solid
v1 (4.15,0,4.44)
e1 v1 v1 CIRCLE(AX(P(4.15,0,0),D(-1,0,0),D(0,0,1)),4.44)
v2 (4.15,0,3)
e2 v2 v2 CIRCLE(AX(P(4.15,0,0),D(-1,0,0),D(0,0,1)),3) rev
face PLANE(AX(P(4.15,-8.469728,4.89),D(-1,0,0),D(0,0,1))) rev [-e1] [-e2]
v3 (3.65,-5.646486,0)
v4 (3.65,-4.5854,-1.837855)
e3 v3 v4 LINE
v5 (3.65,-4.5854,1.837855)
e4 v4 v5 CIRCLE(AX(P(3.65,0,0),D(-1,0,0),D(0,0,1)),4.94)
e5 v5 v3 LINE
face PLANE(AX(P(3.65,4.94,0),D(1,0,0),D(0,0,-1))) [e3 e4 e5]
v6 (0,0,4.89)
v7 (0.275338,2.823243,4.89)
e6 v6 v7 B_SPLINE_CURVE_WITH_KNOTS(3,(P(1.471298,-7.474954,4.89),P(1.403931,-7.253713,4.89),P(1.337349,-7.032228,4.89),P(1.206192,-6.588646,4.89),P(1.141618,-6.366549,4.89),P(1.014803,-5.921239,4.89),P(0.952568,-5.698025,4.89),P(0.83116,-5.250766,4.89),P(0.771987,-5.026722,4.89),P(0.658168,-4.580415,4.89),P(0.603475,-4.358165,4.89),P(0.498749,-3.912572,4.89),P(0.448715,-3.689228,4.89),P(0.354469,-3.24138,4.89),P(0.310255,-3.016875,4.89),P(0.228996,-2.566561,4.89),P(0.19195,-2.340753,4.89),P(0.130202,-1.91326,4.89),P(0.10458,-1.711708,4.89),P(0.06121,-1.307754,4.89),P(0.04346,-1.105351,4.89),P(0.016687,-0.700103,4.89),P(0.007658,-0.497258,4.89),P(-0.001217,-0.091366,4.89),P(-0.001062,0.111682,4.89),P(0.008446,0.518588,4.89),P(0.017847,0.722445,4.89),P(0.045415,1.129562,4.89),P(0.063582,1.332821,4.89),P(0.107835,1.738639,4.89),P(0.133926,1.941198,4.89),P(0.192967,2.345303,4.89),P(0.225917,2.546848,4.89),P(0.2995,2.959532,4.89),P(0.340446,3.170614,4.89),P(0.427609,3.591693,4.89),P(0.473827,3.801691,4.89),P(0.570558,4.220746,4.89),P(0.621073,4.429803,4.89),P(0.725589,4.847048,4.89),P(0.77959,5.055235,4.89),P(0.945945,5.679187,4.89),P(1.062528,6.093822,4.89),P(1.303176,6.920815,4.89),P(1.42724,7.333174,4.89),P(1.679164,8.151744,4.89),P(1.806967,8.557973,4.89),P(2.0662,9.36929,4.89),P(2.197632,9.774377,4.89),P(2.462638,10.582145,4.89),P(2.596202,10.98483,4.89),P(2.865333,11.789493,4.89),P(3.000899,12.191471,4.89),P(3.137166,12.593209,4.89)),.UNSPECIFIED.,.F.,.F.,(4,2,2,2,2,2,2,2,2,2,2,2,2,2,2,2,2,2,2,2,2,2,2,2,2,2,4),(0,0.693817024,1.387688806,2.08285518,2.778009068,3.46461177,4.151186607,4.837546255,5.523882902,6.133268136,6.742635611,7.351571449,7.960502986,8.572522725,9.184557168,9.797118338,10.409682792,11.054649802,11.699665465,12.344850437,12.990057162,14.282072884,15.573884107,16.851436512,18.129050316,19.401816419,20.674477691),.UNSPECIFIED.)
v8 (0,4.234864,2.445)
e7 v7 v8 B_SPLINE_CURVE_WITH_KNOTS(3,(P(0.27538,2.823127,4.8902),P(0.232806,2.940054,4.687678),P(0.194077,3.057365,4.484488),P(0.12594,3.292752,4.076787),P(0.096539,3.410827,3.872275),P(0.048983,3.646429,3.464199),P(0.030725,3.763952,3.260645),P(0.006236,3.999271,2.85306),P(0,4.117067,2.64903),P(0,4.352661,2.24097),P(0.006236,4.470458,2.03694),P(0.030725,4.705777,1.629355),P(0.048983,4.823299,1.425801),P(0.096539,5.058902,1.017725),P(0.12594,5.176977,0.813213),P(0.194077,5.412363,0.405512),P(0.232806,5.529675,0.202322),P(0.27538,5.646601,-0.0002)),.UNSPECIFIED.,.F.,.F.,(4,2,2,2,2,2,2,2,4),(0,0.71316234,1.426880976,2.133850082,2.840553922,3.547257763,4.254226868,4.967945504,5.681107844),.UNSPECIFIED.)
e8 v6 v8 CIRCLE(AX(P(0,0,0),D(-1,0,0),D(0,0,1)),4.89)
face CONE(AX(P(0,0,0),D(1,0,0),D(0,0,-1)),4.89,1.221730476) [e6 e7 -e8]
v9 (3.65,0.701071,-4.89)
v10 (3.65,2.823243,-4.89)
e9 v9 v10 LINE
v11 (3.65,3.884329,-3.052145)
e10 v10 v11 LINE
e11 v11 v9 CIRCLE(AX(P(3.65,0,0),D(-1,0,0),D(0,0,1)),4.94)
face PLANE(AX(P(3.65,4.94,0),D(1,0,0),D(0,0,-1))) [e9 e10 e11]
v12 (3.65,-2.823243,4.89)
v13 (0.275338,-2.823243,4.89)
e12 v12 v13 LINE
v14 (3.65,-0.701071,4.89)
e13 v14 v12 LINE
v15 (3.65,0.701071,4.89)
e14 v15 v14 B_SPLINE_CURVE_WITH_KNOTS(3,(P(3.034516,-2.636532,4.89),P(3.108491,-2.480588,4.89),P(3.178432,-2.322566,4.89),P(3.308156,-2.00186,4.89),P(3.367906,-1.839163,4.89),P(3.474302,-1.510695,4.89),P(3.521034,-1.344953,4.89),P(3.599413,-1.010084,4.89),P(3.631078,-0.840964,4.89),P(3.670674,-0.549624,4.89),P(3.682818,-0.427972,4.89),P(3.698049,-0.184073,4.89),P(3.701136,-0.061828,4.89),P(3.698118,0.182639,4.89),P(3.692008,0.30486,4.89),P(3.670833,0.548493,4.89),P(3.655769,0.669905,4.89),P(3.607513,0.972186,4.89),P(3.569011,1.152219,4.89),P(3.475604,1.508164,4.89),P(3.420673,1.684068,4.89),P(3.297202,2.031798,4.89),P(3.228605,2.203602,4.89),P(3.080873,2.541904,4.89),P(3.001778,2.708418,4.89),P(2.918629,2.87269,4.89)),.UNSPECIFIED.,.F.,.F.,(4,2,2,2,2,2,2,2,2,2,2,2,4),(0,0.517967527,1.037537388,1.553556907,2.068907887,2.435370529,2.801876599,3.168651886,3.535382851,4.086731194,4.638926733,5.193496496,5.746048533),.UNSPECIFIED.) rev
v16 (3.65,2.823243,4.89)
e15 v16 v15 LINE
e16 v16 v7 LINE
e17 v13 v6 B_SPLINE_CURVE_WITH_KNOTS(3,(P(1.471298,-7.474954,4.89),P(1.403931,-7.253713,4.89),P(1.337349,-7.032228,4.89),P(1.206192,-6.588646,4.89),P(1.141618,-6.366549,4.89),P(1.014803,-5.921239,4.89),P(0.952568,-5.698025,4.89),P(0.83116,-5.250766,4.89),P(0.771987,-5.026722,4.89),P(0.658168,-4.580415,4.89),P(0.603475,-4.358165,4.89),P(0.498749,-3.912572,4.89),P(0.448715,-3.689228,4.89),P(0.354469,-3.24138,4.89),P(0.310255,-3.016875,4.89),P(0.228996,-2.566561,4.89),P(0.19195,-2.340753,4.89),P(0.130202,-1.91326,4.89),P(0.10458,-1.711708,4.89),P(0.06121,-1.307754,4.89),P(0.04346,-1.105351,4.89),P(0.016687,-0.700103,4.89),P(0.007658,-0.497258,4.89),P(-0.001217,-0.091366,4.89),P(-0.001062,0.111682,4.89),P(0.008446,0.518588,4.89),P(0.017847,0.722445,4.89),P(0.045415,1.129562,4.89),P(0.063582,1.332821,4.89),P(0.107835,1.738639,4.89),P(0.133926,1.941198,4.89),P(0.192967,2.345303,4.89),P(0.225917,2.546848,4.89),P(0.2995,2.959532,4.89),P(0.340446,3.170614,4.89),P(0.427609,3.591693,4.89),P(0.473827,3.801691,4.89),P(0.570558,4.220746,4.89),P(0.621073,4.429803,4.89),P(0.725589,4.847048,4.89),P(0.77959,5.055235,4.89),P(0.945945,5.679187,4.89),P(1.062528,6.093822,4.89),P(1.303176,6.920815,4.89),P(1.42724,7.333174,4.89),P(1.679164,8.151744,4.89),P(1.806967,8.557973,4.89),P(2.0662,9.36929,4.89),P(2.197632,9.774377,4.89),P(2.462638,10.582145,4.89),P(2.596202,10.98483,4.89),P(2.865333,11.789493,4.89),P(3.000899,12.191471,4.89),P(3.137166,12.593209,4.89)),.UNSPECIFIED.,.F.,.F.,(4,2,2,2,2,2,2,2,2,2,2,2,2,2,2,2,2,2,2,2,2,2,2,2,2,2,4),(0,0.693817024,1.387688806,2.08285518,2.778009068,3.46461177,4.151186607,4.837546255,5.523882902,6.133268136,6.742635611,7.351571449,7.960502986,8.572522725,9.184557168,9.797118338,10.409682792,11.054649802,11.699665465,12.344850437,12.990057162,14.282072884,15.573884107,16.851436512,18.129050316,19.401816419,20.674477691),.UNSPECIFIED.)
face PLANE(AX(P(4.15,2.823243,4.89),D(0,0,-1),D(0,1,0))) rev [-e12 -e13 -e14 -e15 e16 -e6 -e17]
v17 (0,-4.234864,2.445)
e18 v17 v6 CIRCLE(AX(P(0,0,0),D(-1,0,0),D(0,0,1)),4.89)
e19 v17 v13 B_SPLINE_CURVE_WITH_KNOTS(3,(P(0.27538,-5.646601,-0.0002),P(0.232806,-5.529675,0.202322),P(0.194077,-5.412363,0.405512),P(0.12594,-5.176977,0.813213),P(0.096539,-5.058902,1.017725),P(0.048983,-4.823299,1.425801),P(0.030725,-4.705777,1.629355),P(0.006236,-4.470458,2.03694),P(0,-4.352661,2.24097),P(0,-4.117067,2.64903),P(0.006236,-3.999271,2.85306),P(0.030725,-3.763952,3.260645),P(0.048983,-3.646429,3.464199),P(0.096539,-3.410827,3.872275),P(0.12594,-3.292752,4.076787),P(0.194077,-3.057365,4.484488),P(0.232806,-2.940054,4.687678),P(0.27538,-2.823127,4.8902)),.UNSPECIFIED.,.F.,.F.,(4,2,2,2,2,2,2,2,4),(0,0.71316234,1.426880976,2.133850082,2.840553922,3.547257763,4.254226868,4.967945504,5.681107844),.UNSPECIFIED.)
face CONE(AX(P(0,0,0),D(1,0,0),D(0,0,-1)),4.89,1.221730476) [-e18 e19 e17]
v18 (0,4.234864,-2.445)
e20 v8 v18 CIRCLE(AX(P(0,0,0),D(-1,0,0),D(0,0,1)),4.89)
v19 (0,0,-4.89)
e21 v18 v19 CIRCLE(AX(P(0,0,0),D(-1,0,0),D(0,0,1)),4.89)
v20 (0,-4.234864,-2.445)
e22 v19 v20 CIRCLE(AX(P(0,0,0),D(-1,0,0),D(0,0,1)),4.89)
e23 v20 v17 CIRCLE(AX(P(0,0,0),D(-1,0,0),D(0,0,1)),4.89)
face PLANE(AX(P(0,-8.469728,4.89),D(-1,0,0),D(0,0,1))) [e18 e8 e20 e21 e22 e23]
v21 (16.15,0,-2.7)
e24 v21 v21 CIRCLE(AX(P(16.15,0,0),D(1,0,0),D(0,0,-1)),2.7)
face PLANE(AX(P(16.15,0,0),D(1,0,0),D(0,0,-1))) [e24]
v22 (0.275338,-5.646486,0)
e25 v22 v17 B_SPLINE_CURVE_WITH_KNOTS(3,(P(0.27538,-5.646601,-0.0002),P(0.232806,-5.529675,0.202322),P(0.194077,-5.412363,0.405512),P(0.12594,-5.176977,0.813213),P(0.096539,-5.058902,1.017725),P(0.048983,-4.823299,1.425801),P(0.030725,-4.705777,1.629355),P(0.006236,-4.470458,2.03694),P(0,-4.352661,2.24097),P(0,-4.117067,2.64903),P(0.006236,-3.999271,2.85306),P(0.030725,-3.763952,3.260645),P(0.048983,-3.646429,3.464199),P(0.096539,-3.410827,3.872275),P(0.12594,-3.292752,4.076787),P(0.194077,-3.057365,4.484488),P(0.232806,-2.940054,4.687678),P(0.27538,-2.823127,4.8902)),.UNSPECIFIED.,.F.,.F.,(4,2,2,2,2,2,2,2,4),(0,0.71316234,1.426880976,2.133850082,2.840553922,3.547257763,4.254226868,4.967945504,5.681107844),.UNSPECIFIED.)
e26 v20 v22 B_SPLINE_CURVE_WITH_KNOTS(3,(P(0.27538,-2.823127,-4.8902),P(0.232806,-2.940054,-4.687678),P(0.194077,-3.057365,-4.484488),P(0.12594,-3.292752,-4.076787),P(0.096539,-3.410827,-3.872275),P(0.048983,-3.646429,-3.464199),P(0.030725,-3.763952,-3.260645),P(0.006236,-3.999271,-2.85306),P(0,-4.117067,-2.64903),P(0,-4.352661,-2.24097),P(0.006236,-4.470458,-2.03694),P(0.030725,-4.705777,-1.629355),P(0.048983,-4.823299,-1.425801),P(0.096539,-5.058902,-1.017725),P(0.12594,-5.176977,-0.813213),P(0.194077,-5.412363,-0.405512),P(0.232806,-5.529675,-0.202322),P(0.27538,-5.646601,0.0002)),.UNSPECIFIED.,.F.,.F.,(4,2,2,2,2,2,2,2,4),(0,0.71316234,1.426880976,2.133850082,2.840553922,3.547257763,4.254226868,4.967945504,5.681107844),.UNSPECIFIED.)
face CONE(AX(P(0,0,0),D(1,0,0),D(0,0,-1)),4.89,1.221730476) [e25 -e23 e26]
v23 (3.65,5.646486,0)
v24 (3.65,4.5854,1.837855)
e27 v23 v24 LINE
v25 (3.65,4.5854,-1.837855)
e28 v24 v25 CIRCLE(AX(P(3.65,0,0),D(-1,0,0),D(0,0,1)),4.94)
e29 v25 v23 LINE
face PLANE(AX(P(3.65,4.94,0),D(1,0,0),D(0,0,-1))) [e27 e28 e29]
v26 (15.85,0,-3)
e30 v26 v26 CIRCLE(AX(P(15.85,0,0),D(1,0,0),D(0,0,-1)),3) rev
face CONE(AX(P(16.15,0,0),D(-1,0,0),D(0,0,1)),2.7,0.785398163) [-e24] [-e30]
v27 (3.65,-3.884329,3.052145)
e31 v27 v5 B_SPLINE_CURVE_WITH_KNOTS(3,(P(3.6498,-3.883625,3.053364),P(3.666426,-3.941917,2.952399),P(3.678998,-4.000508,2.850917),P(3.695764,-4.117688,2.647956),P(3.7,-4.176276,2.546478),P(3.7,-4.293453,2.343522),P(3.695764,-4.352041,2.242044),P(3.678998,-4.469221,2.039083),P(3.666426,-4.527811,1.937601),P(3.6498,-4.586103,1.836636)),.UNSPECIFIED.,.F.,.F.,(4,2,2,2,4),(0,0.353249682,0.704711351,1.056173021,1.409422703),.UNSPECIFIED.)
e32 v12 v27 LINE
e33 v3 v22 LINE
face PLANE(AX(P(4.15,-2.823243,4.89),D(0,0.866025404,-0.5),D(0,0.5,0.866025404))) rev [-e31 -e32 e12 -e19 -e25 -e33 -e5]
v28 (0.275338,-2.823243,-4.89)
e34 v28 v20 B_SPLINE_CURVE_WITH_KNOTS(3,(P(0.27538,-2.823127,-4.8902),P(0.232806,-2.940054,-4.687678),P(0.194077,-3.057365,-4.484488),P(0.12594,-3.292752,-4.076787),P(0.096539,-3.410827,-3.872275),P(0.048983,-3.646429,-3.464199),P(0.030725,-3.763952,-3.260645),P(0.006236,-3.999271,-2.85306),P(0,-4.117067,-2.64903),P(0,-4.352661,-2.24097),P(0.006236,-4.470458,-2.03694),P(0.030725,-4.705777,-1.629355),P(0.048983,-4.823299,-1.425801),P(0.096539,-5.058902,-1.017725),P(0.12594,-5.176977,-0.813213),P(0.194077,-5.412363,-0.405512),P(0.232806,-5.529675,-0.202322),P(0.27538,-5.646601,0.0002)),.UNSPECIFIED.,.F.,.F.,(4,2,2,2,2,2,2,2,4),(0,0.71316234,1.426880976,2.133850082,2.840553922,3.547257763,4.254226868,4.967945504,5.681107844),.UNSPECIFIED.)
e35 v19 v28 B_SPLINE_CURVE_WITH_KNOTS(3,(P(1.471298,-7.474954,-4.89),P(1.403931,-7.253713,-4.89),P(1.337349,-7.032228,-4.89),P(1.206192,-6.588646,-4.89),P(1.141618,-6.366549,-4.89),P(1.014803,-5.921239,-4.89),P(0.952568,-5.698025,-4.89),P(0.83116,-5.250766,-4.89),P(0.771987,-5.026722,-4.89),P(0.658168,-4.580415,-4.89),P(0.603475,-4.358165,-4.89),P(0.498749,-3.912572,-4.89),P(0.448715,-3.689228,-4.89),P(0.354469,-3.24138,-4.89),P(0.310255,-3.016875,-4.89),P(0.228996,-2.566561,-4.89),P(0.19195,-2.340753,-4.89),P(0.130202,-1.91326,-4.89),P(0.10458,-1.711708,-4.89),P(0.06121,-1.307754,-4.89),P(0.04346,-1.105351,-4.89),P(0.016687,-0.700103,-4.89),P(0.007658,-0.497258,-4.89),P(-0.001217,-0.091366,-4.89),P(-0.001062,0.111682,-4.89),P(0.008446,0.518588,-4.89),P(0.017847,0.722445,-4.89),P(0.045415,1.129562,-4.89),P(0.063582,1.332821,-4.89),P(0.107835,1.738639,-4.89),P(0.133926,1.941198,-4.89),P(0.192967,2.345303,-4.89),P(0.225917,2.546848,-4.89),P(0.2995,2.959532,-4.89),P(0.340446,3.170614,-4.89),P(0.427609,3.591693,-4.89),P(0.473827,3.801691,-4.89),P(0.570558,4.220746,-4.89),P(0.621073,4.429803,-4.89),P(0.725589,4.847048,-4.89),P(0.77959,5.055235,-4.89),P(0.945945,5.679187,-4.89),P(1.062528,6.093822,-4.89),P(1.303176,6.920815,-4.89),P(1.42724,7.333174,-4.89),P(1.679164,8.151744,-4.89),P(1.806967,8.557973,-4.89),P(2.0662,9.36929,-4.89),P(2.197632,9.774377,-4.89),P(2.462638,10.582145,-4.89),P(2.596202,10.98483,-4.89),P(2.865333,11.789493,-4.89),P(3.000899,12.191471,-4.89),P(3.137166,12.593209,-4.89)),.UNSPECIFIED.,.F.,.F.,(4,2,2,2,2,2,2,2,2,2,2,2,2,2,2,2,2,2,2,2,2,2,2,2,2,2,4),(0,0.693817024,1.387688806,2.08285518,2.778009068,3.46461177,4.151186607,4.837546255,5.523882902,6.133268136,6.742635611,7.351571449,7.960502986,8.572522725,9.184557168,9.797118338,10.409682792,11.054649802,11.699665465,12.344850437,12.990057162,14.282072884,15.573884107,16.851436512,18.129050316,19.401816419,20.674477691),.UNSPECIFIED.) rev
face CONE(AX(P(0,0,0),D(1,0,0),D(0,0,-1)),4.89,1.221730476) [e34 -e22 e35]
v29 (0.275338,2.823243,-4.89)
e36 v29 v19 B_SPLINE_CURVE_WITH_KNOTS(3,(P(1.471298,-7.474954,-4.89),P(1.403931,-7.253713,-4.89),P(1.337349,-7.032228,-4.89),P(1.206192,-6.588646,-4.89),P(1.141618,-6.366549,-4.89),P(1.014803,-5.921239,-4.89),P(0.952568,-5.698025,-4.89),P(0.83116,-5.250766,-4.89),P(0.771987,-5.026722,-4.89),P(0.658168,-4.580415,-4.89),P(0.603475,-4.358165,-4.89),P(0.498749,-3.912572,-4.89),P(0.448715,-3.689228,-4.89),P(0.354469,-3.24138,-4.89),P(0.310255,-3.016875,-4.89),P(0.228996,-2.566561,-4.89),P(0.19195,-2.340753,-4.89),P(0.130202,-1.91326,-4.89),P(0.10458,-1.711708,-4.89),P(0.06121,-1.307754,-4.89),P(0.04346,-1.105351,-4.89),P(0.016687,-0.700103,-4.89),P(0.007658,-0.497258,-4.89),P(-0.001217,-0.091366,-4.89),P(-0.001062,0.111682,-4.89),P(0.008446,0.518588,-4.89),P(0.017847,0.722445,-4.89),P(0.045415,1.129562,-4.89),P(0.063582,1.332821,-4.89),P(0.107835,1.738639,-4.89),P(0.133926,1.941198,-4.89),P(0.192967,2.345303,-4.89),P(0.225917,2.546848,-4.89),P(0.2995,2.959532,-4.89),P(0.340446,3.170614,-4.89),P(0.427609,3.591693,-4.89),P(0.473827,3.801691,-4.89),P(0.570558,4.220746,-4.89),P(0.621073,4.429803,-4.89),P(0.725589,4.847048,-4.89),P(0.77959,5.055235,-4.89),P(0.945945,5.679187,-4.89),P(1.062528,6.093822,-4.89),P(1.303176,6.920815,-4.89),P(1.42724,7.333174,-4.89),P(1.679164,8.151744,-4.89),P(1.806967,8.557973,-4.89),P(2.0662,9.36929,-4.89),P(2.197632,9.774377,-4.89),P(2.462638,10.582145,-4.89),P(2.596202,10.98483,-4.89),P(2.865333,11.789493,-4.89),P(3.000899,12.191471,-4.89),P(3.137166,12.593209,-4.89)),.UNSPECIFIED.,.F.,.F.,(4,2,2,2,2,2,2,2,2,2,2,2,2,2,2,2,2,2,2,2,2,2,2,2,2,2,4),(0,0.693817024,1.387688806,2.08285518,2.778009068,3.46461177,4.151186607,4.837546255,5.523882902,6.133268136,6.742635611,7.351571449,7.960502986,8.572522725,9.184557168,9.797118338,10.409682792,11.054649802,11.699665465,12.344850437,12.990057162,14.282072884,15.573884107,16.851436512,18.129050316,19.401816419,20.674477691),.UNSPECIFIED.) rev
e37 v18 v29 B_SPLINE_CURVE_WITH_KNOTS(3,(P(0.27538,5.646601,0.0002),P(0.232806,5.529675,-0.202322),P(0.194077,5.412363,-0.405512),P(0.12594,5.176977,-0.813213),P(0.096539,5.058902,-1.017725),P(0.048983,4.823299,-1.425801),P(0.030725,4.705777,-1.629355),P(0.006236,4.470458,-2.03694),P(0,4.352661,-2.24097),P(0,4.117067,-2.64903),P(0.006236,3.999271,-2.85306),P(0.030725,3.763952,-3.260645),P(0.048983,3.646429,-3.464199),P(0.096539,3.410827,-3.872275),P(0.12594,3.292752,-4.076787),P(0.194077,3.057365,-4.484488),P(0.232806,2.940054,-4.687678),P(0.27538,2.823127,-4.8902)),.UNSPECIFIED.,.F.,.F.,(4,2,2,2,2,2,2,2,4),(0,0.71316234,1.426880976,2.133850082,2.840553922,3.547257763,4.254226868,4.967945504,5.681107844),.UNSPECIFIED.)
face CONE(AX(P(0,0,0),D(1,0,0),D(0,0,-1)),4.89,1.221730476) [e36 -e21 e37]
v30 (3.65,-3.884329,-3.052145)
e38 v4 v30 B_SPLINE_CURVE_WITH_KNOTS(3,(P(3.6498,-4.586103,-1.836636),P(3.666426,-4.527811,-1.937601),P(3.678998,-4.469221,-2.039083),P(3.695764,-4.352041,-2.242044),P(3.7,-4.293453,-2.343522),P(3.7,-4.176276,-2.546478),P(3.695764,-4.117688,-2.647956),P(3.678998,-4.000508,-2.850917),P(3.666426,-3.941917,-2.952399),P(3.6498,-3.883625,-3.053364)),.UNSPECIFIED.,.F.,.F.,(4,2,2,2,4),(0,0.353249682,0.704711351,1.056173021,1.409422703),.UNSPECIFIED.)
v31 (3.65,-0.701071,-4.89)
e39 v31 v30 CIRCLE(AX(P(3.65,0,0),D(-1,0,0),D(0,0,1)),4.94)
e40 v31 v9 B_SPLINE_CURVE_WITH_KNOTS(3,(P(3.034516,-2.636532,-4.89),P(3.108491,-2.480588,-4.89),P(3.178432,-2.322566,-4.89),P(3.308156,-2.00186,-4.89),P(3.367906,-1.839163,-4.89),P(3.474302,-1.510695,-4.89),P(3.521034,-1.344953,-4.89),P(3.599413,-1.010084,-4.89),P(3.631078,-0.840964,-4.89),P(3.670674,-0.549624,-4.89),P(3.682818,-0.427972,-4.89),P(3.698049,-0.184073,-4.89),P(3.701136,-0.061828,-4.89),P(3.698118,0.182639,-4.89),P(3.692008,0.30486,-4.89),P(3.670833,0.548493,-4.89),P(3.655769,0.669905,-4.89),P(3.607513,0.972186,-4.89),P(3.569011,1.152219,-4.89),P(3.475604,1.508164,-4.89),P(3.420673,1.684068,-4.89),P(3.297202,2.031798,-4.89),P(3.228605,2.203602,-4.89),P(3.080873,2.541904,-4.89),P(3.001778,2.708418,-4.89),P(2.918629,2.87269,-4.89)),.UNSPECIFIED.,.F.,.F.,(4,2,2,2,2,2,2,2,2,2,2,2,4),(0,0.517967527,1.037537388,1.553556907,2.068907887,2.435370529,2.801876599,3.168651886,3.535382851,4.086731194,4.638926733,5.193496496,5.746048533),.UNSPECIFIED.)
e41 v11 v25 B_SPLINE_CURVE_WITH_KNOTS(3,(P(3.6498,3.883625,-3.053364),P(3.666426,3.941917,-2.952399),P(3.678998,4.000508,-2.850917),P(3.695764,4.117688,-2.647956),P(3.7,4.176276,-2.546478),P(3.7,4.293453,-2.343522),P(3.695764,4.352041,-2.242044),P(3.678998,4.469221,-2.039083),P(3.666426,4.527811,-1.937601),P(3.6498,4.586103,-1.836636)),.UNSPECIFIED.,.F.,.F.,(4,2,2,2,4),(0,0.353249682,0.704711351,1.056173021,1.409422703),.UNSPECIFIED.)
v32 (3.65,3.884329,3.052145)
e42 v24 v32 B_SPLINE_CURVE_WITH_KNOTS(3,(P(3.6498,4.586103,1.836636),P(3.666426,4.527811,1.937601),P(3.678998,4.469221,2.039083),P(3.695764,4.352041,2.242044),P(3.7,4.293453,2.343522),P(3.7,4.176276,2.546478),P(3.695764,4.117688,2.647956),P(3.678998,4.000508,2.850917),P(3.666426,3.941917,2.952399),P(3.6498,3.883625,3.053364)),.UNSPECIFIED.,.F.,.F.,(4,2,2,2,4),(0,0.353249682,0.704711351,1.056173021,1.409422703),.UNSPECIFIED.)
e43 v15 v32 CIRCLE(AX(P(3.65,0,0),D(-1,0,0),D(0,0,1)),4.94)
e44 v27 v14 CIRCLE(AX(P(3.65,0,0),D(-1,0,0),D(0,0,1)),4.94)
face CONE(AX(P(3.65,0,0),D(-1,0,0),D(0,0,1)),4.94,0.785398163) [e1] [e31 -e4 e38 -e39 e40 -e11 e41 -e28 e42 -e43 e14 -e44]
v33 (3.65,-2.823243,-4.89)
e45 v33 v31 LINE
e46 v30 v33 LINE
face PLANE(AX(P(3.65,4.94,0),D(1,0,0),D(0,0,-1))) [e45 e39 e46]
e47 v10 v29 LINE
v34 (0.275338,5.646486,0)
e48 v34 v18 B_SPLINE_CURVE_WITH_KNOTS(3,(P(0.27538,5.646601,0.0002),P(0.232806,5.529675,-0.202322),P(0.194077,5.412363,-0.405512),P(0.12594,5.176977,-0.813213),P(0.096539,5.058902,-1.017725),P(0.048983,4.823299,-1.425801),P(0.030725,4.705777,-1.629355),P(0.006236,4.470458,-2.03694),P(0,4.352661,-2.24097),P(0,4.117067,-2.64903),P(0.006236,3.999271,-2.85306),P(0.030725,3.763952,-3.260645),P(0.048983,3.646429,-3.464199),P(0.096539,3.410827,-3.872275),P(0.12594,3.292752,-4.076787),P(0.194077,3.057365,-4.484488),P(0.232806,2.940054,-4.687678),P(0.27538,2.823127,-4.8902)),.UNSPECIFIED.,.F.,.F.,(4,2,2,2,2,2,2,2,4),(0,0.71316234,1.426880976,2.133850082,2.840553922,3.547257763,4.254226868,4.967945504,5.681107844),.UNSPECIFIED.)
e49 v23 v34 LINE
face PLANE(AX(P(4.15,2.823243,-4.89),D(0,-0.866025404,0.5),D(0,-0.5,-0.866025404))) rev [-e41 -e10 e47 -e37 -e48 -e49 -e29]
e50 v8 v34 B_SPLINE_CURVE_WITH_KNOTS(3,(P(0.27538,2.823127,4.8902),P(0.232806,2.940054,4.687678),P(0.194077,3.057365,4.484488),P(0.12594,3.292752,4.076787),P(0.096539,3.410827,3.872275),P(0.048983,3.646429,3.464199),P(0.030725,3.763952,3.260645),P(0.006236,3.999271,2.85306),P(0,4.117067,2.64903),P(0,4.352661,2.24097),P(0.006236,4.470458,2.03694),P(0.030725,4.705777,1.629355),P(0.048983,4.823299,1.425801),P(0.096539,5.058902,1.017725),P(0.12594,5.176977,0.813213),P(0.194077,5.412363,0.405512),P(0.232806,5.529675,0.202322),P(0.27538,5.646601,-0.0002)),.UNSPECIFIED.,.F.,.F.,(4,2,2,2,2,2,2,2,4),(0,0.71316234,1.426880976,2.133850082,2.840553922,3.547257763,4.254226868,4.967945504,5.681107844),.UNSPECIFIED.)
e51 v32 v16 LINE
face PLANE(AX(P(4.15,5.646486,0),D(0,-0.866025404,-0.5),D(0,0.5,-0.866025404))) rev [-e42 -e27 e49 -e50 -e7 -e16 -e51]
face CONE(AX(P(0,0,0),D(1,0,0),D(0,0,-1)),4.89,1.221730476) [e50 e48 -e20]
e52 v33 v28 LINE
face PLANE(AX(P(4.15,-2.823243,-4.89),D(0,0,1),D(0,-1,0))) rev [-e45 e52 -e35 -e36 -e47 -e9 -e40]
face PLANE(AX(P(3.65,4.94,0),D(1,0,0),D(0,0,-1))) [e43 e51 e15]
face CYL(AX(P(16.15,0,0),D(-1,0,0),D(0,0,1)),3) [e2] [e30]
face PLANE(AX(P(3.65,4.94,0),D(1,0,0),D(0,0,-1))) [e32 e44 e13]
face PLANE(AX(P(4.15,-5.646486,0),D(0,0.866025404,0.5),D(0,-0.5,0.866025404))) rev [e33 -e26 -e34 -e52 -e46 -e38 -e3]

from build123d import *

# Parameters (mm, degrees)
BASEHEAD_DEPTH = 4.15
SKETCH5_R      = 3
BASEBODY_DEPTH = 12
CHAMFER1_SIZE  = 0.3


with BuildPart() as part:
    # Sketch2 → BaseHead (new body)
    with BuildSketch(Plane(origin=(0, 0, 0), x_dir=(0, 0, -1), z_dir=(1, 0, 0))):
        Polygon((4.89, -2.823242816), (4.89, 2.823242816), (0, 5.646485633), (-4.89, 2.823242816), (-4.89, -2.823242816), (0, -5.646485633), align=None)
    extrude(amount=BASEHEAD_DEPTH)

    # Sketch3 → BearingFace (revolve, cut)
    with BuildSketch(Plane.XY):
        Polygon((4.15, 5.646485633), (4.15, 4.44), (3.65, 4.94), (3.65, 5.646485633), align=None)
    revolve(axis=Axis((-0.957090588, 0, 0), (1, 0, 0)), mode=Mode.SUBTRACT)

    # Sketch4 → HeadChamfer (revolve, cut)
    with BuildSketch(Plane.XY):
        Polygon((0, 5.646485633), (0.275338253, 5.646485633), (0, 4.89), align=None)
    revolve(axis=Axis((-0.493528746, 0, 0), (1, 0, 0)), mode=Mode.SUBTRACT)

    # Sketch5 → BaseBody (add)
    with BuildSketch(Plane(origin=(4.15, 0, 0), x_dir=(0, 0, -1), z_dir=(1, 0, 0))):
        Circle(SKETCH5_R)
    extrude(amount=BASEBODY_DEPTH)

    # Chamfer1
    chamfer1_edges = [part.edges().sort_by_distance(p)[0] for p in [
        (16.15, 0, 3),
    ]]
    chamfer(chamfer1_edges, length=CHAMFER1_SIZE)


solid = part.part
